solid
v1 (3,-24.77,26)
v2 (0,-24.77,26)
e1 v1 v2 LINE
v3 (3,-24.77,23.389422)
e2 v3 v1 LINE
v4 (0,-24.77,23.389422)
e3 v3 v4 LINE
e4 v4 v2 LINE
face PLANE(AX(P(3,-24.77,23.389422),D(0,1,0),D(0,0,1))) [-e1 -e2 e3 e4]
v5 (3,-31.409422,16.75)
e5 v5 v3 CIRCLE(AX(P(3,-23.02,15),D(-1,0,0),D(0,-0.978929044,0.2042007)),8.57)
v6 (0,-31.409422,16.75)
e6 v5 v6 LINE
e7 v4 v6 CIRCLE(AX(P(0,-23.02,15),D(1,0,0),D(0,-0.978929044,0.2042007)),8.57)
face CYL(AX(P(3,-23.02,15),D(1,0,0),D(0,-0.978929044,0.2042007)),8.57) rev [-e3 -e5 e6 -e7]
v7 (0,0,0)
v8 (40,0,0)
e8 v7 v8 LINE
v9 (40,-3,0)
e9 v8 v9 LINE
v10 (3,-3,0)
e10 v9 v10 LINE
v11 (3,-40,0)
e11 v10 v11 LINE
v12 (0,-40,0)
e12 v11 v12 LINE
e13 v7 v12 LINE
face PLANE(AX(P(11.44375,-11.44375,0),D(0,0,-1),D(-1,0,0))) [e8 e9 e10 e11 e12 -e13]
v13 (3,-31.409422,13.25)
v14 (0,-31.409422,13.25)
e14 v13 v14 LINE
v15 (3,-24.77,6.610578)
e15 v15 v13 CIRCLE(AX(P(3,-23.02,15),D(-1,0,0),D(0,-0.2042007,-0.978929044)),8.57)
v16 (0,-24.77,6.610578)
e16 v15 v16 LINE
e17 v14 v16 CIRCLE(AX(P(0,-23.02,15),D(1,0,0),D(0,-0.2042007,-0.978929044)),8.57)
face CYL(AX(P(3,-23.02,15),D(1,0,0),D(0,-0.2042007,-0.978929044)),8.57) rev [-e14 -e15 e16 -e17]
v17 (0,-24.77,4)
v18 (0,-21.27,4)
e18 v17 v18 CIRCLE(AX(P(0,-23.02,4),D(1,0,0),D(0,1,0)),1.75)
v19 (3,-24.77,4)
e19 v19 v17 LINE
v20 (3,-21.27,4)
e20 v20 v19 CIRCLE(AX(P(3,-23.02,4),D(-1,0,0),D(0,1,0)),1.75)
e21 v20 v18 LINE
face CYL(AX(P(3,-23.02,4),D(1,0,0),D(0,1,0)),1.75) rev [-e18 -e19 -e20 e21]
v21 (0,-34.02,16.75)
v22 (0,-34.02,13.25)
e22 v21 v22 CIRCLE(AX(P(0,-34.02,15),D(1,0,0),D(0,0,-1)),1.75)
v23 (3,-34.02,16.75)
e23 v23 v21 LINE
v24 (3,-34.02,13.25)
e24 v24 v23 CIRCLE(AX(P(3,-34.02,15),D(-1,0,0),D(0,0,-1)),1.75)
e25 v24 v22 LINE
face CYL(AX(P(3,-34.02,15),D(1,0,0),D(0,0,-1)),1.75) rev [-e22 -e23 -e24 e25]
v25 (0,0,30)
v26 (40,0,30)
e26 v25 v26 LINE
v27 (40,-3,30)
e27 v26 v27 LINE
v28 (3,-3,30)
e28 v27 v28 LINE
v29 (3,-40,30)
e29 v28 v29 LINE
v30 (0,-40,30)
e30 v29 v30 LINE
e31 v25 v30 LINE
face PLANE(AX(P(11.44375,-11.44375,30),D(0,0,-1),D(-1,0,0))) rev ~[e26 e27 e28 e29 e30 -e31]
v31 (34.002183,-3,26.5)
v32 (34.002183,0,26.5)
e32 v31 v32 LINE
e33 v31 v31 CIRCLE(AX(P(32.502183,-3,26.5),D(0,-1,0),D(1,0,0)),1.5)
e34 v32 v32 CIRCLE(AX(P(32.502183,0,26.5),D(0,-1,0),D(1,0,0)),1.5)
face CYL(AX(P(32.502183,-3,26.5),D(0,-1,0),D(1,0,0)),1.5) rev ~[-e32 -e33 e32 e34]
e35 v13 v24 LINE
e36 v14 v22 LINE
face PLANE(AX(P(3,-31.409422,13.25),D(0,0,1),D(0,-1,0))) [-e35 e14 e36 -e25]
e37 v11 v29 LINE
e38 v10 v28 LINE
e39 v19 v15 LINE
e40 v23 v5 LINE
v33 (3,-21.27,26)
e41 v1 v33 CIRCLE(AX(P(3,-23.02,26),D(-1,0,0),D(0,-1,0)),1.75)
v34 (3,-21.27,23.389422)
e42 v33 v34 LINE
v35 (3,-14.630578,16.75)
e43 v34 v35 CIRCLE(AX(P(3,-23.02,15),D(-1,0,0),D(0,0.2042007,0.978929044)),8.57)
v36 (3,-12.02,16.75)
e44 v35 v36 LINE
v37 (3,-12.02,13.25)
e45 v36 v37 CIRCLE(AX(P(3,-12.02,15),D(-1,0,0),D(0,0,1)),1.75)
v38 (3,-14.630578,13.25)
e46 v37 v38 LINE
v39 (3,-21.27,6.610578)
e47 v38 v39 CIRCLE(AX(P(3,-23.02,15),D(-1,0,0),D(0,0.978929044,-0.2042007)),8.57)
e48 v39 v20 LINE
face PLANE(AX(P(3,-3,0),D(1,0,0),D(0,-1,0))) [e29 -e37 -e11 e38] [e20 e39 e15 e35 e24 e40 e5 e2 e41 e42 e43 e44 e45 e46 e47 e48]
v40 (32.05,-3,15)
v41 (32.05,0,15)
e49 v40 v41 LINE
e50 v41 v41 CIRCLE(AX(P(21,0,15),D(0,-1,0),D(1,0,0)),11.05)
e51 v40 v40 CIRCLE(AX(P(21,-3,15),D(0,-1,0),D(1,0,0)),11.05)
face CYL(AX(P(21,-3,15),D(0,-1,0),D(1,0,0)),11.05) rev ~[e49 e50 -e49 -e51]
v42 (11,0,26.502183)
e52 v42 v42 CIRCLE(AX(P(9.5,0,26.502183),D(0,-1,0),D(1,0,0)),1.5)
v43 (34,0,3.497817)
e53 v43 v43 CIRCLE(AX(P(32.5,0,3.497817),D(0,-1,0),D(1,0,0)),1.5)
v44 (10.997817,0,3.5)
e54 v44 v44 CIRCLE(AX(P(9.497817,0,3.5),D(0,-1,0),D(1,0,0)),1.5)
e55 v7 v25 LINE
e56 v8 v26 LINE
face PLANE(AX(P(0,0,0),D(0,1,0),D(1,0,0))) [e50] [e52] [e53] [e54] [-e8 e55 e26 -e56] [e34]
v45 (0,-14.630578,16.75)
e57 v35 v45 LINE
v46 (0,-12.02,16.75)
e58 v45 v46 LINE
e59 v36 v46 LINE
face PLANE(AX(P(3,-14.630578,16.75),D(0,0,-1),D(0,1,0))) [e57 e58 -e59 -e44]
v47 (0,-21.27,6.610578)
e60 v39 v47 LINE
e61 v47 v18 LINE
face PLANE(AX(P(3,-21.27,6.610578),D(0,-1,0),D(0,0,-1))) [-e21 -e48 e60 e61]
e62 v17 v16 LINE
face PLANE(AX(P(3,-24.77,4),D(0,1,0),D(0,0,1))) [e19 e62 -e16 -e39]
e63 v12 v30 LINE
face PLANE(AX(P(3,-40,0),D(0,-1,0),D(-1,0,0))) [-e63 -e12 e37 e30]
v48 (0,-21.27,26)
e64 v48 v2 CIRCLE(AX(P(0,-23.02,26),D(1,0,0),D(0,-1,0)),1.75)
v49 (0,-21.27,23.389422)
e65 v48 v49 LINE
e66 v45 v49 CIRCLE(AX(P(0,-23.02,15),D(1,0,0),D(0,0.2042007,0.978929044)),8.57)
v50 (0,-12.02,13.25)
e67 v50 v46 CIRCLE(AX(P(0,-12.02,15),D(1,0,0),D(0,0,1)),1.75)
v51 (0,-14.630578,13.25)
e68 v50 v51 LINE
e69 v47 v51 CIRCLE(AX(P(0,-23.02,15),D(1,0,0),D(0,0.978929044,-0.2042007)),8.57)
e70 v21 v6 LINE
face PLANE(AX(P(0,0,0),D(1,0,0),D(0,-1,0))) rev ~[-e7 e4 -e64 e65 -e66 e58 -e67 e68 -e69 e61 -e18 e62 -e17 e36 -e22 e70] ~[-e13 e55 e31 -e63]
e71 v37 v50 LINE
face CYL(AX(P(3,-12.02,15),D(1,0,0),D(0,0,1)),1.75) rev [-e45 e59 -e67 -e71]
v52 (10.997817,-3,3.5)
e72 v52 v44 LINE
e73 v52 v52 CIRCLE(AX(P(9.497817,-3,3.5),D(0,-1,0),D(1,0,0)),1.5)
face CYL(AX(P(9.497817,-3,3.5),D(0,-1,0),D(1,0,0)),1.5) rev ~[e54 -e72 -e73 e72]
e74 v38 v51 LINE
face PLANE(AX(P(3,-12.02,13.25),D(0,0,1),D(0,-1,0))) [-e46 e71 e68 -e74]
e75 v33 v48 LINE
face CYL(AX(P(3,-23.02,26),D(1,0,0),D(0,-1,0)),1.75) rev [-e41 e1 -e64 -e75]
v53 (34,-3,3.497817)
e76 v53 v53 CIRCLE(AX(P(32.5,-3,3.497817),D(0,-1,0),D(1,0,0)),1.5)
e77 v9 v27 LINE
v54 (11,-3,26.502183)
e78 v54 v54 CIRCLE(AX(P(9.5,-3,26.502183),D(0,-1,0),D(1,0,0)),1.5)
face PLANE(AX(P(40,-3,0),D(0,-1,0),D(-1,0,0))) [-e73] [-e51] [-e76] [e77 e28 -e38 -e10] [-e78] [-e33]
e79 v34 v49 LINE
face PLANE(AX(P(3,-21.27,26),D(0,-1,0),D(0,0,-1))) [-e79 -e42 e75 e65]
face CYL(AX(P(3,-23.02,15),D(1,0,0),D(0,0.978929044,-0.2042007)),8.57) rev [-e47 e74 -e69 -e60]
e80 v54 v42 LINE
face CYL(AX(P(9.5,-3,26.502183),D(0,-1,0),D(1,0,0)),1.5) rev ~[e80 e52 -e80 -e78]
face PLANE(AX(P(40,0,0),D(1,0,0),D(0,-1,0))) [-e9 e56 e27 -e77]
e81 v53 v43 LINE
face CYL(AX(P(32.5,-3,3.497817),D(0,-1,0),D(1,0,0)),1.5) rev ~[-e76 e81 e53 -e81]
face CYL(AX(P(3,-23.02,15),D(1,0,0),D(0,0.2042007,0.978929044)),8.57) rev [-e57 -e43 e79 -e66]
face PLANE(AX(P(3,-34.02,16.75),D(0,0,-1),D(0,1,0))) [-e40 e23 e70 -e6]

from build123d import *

# Parameters (mm, degrees)
BOSS_EXTRUDE1_DEPTH = 30
SKETCH2_R           = 11.05
SKETCH2_R_2         = 1.5
CUT_EXTRUDE1_DEPTH  = 4
CUT_EXTRUDE2_DEPTH  = 4


with BuildPart() as part:
    # Sketch1 → Boss-Extrude1 (new body)
    with BuildSketch(Plane.XY):
        Polygon((0, 0), (40, 0), (40, -3), (3, -3), (3, -40), (0, -40), (0, -3), align=None)
    extrude(amount=BOSS_EXTRUDE1_DEPTH)

    # Sketch2 → Cut-Extrude1 (cut, through all)
    with BuildSketch(Plane.XZ.offset(3)):
        with Locations((21, 15)):
            Circle(SKETCH2_R)
        with Locations((32.502183488, 26.5)):
            Circle(SKETCH2_R_2)
        with Locations((32.5, 3.497816512)):
            Circle(SKETCH2_R_2)
        with Locations((9.497816512, 3.5)):
            Circle(SKETCH2_R_2)
        with Locations((9.5, 26.502183488)):
            Circle(SKETCH2_R_2)
    extrude(amount=-CUT_EXTRUDE1_DEPTH, mode=Mode.SUBTRACT)

    # Sketch3 → Cut-Extrude2 (cut, through all)
    with BuildSketch(Plane(origin=(3, 0, 0), x_dir=(0, 0, -1), z_dir=(1, 0, 0))):
        with BuildLine():
            Line((-26, -21.27), (-23.389421911, -21.27))
            ThreePointArc((-23.389421911, -21.27), (-21.059905115, -16.960094885), (-16.75, -14.630578089))
            Line((-16.75, -14.630578089), (-16.75, -12.02))
            ThreePointArc((-16.75, -12.02), (-15, -10.27), (-13.25, -12.02))
            Line((-13.25, -12.02), (-13.25, -14.630578089))
            ThreePointArc((-13.25, -14.630578089), (-8.940094885, -16.960094885), (-6.610578089, -21.27))
            Line((-6.610578089, -21.27), (-4, -21.27))
            ThreePointArc((-4, -21.27), (-2.25, -23.02), (-4, -24.77))
            Line((-4, -24.77), (-6.610578089, -24.77))
            ThreePointArc((-6.610578089, -24.77), (-8.940094885, -29.079905115), (-13.25, -31.409421911))
            Line((-13.25, -31.409421911), (-13.25, -34.02))
            ThreePointArc((-13.25, -34.02), (-15, -35.77), (-16.75, -34.02))
            Line((-16.75, -34.02), (-16.75, -31.409421911))
            ThreePointArc((-16.75, -31.409421911), (-21.059905115, -29.079905115), (-23.389421911, -24.77))
            Line((-23.389421911, -24.77), (-26, -24.77))
            ThreePointArc((-26, -24.77), (-27.75, -23.02), (-26, -21.27))
        make_face()
    extrude(amount=-CUT_EXTRUDE2_DEPTH, mode=Mode.SUBTRACT)


solid = part.part
